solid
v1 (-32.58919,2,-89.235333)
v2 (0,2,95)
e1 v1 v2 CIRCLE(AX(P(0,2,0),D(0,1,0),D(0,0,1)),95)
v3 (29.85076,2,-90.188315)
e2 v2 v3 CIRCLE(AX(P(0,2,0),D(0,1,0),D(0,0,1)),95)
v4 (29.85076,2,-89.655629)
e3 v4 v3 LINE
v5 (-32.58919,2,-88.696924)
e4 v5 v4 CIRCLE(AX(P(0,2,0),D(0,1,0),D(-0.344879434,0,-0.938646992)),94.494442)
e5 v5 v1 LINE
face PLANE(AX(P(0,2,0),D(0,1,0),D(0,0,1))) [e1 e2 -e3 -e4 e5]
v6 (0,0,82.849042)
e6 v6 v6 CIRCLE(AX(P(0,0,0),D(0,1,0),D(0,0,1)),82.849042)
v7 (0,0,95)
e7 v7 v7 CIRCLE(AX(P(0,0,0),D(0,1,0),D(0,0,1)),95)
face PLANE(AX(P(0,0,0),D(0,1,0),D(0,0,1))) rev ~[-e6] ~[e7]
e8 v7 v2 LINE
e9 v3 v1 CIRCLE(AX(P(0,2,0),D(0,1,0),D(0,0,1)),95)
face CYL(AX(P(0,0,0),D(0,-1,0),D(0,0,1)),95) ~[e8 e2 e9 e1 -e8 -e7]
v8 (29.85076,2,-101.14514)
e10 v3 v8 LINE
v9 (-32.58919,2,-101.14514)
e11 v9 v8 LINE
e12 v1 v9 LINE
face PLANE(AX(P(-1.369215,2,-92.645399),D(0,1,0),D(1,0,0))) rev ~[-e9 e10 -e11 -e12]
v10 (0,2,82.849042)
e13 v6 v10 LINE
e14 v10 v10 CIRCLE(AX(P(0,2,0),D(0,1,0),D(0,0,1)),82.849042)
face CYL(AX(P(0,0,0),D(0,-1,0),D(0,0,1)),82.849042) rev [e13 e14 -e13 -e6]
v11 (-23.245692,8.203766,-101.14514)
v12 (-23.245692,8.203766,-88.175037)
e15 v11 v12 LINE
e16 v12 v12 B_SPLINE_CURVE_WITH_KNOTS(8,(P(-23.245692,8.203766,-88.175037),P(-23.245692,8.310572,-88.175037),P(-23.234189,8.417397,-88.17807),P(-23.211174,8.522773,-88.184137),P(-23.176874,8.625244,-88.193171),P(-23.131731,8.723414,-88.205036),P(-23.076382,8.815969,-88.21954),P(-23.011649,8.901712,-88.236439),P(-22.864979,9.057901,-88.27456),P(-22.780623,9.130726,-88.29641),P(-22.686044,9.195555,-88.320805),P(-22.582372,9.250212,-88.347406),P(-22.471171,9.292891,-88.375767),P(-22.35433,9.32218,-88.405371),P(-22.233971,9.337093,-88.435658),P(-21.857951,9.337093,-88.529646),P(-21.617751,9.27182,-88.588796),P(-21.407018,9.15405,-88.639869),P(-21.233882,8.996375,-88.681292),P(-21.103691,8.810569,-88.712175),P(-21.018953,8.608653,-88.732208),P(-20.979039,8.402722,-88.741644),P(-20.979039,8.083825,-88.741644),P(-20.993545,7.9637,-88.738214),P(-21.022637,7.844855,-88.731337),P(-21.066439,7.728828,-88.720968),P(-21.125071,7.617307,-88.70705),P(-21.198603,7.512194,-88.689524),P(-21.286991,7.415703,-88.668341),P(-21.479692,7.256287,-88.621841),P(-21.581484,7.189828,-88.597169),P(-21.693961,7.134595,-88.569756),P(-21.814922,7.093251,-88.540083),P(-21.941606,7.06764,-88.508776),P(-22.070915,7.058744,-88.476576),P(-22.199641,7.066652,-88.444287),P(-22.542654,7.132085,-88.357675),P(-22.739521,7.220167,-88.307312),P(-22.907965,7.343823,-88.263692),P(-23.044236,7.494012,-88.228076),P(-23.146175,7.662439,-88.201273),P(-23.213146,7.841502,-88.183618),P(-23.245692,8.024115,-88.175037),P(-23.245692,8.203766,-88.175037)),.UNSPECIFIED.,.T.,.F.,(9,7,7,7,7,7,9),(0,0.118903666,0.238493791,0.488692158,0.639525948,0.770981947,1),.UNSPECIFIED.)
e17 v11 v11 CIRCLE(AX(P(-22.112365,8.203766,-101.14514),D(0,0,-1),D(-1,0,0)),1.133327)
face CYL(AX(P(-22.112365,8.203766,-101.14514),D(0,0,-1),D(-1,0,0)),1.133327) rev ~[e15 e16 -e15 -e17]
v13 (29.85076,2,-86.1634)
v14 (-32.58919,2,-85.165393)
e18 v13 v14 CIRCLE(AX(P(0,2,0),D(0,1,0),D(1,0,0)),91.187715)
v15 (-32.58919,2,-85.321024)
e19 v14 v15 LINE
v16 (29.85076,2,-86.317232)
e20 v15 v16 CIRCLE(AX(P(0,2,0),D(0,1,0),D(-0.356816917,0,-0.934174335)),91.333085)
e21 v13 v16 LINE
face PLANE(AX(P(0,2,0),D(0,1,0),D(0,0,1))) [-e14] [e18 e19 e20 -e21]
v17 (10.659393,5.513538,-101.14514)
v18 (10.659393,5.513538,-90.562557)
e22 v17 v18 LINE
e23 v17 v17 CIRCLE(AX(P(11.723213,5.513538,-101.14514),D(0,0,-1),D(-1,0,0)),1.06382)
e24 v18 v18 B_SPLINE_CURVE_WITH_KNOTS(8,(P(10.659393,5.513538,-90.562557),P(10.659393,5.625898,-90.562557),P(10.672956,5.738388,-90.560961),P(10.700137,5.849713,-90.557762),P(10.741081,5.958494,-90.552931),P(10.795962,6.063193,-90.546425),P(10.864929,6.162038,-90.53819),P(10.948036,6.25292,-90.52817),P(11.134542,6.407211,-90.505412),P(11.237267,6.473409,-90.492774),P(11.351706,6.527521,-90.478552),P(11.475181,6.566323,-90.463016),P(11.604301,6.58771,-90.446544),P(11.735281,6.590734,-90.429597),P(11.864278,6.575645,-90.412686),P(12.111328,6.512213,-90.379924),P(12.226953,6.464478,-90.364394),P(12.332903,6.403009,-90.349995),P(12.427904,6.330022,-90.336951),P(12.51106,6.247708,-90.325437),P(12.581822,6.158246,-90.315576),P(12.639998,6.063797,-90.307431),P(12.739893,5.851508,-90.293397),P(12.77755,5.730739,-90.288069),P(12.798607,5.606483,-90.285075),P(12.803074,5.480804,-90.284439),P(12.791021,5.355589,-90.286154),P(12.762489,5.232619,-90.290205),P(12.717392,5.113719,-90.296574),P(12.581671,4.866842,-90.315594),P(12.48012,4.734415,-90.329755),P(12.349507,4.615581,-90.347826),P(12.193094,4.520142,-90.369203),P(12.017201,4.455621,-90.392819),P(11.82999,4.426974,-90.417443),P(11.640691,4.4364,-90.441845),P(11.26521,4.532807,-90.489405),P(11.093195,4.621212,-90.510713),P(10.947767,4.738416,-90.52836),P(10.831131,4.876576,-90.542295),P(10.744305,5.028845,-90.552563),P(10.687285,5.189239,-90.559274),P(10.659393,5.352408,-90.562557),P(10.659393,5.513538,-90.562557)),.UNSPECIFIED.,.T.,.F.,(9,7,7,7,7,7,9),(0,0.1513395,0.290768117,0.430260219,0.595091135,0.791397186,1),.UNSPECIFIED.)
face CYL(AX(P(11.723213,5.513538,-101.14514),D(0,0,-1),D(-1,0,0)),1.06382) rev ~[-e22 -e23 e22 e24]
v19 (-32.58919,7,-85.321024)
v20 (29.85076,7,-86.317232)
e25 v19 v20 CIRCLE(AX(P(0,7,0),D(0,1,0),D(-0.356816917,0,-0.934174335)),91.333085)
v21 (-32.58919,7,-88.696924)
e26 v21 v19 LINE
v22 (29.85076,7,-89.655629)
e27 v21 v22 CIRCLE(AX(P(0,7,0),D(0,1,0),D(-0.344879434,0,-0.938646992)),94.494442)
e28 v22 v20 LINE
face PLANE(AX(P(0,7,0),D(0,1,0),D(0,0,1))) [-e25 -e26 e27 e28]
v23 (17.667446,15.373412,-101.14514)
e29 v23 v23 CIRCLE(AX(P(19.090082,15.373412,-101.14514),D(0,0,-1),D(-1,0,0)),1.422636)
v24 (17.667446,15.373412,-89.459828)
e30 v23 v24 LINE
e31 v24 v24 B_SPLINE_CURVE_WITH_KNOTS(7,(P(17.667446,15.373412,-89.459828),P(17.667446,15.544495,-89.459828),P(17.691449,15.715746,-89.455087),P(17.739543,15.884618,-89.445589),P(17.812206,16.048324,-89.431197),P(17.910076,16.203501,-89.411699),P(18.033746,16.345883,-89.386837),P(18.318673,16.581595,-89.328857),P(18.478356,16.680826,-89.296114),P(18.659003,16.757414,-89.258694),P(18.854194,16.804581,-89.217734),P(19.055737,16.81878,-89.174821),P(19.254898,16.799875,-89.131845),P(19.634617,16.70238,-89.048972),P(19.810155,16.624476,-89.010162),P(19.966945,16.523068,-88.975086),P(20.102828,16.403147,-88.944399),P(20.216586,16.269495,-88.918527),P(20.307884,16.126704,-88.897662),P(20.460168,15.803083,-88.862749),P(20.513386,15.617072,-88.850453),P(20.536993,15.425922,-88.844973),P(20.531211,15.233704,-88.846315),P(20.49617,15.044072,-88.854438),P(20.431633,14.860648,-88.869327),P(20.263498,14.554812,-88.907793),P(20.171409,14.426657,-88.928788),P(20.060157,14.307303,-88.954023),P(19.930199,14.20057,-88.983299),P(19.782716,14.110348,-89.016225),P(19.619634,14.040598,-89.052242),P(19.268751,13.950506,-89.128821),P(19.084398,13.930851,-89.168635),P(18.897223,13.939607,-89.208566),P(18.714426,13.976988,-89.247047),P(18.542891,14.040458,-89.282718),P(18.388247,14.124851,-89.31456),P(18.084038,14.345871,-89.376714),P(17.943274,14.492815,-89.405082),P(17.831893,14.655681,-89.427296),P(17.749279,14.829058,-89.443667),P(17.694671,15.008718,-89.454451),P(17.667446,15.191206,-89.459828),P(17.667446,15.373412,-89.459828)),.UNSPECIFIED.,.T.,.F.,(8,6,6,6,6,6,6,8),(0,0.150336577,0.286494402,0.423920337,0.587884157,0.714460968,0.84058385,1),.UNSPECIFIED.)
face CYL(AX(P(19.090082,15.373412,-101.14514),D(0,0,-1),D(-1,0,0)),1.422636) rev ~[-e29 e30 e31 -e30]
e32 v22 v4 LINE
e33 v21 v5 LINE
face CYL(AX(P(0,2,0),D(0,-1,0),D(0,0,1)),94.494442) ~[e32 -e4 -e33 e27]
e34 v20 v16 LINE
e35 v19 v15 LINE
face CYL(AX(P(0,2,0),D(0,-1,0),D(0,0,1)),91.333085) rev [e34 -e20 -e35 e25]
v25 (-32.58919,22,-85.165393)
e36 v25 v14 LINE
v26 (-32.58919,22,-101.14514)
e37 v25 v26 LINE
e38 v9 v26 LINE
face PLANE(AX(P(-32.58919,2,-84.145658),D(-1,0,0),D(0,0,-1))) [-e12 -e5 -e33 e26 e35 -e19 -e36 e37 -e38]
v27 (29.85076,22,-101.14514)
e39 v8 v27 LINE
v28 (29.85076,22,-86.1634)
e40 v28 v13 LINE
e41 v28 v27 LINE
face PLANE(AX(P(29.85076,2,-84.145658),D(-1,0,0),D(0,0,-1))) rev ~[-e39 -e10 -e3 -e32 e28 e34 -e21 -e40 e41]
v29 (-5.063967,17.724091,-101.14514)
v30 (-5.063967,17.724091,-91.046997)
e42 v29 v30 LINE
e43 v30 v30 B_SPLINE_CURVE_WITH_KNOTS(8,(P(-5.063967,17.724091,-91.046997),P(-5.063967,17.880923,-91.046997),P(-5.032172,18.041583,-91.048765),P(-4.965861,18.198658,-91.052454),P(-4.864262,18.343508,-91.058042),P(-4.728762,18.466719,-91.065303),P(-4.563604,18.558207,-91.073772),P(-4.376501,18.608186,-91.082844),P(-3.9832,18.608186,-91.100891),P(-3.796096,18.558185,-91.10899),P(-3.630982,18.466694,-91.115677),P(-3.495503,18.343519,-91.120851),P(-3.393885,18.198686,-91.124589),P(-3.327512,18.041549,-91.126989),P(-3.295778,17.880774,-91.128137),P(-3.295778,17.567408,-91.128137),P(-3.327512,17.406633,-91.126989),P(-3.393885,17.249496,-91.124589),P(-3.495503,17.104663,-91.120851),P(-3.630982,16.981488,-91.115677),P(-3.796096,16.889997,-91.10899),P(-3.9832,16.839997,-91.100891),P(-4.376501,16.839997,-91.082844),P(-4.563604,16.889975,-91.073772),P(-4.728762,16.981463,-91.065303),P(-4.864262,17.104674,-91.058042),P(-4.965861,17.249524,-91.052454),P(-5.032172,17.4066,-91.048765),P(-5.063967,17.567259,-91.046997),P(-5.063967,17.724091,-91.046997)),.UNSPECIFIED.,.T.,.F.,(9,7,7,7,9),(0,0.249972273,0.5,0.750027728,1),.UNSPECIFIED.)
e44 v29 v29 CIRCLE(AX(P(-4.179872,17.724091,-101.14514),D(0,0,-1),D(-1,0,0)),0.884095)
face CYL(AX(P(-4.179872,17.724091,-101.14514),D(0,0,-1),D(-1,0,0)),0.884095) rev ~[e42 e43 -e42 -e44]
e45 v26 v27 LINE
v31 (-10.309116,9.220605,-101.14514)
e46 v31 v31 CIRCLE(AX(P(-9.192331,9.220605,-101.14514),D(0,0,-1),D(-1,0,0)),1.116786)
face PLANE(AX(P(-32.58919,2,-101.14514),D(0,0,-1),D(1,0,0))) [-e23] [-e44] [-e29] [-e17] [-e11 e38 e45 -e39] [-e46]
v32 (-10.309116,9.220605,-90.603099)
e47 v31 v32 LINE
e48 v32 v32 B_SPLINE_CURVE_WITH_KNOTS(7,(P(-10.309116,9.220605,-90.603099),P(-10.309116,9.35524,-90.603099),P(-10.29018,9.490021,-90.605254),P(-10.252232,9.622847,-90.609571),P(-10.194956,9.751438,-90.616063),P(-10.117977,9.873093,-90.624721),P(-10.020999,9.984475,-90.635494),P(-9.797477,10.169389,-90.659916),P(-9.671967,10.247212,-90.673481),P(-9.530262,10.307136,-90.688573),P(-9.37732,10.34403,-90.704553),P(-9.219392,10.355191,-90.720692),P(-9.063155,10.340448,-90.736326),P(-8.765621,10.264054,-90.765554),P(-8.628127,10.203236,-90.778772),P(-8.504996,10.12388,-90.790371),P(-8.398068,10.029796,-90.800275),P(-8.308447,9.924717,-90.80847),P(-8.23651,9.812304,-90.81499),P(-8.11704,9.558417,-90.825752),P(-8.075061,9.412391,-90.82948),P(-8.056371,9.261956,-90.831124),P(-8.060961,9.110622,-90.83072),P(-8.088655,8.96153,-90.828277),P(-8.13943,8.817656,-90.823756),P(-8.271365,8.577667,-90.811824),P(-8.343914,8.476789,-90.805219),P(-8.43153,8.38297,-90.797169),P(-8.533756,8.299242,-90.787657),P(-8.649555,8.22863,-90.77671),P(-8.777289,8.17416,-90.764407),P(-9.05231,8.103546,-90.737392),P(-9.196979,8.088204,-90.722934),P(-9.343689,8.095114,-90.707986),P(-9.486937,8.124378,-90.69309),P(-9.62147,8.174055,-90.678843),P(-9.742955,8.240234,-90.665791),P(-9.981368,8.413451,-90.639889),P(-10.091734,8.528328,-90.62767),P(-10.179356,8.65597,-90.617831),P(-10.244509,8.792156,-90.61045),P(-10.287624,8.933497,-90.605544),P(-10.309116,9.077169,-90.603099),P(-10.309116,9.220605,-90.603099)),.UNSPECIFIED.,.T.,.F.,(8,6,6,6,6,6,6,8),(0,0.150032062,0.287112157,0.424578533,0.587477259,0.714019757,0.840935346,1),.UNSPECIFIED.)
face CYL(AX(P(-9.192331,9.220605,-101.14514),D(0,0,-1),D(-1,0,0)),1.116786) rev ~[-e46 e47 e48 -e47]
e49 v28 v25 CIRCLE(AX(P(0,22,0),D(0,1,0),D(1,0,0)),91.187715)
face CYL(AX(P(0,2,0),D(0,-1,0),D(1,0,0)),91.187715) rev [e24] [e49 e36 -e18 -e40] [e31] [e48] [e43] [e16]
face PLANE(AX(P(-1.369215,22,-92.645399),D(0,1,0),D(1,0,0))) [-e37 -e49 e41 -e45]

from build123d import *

# Parameters (mm, degrees)
SKETCH1_R           = 95
SKETCH1_R_2         = 82.849042413
BOSS_EXTRUDE1_DEPTH = 2
SKETCH3_R           = 94.494442109
SKETCH3_R_2         = 91.333084699
BOSS_EXTRUDE2_DEPTH = 5
SKETCH4_W           = 62.439949526
SKETCH4_H           = 16.999481769
BOSS_EXTRUDE3_DEPTH = 20
SKETCH5_R           = 91.187715278
CUT_EXTRUDE1_DEPTH  = 20
SKETCH6_R           = 1.133326697
SKETCH6_R_2         = 0.88409454
SKETCH6_R_3         = 1.06382022
SKETCH6_R_4         = 1.11678576
SKETCH6_R_5         = 1.422635849
CUT_EXTRUDE2_DEPTH  = 25


with BuildPart() as part:
    # Sketch1 → Boss-Extrude1 (new body)
    with BuildSketch(Plane(origin=(0, 0, 0), x_dir=(1, 0, 0), z_dir=(0, 1, 0))):
        with Locations(Location((0, 0, 0), (0, 0, 270))):
            Circle(SKETCH1_R)
        with Locations(Location((0, 0, 0), (0, 0, 270))):
            Circle(SKETCH1_R_2, mode=Mode.SUBTRACT)
    extrude(amount=BOSS_EXTRUDE1_DEPTH)

    # Sketch3 → Boss-Extrude2 (add)
    with BuildSketch(Plane(origin=(0, 2, 0), x_dir=(1, 0, 0), z_dir=(0, 1, 0))):
        with Locations(Location((0, 0, 0), (0, 0, 270))):
            Circle(SKETCH3_R)
        with Locations(Location((0, 0, 0), (0, 0, 270))):
            Circle(SKETCH3_R_2, mode=Mode.SUBTRACT)
    extrude(amount=BOSS_EXTRUDE2_DEPTH)

    # Sketch4 → Boss-Extrude3 (add)
    with BuildSketch(Plane(origin=(0, 2, 0), x_dir=(1, 0, 0), z_dir=(0, 1, 0))):
        with Locations((-1.369214929, 92.645399109)):
            Rectangle(SKETCH4_W, SKETCH4_H)
    extrude(amount=BOSS_EXTRUDE3_DEPTH)

    # Sketch5 → Cut-Extrude1 (cut)
    with BuildSketch(Plane(origin=(0, 2, 0), x_dir=(1, 0, 0), z_dir=(0, 1, 0))):
        Circle(SKETCH5_R)
    extrude(amount=CUT_EXTRUDE1_DEPTH, mode=Mode.SUBTRACT)

    # Sketch6 → Cut-Extrude2 (cut)
    with BuildSketch(Plane(origin=(0, 0, -101.145139993), x_dir=(-1, 0, 0), z_dir=(0, 0, -1))):
        with Locations((22.112365303, 8.203766253)):
            Circle(SKETCH6_R)
        with Locations((4.179872068, 17.724091109)):
            Circle(SKETCH6_R_2)
        with Locations((-11.723213238, 5.51353779)):
            Circle(SKETCH6_R_3)
        with Locations((9.192330575, 9.220604642)):
            Circle(SKETCH6_R_4)
        with Locations((-19.090082193, 15.373412308)):
            Circle(SKETCH6_R_5)
    extrude(amount=-CUT_EXTRUDE2_DEPTH, mode=Mode.SUBTRACT)


solid = part.part
